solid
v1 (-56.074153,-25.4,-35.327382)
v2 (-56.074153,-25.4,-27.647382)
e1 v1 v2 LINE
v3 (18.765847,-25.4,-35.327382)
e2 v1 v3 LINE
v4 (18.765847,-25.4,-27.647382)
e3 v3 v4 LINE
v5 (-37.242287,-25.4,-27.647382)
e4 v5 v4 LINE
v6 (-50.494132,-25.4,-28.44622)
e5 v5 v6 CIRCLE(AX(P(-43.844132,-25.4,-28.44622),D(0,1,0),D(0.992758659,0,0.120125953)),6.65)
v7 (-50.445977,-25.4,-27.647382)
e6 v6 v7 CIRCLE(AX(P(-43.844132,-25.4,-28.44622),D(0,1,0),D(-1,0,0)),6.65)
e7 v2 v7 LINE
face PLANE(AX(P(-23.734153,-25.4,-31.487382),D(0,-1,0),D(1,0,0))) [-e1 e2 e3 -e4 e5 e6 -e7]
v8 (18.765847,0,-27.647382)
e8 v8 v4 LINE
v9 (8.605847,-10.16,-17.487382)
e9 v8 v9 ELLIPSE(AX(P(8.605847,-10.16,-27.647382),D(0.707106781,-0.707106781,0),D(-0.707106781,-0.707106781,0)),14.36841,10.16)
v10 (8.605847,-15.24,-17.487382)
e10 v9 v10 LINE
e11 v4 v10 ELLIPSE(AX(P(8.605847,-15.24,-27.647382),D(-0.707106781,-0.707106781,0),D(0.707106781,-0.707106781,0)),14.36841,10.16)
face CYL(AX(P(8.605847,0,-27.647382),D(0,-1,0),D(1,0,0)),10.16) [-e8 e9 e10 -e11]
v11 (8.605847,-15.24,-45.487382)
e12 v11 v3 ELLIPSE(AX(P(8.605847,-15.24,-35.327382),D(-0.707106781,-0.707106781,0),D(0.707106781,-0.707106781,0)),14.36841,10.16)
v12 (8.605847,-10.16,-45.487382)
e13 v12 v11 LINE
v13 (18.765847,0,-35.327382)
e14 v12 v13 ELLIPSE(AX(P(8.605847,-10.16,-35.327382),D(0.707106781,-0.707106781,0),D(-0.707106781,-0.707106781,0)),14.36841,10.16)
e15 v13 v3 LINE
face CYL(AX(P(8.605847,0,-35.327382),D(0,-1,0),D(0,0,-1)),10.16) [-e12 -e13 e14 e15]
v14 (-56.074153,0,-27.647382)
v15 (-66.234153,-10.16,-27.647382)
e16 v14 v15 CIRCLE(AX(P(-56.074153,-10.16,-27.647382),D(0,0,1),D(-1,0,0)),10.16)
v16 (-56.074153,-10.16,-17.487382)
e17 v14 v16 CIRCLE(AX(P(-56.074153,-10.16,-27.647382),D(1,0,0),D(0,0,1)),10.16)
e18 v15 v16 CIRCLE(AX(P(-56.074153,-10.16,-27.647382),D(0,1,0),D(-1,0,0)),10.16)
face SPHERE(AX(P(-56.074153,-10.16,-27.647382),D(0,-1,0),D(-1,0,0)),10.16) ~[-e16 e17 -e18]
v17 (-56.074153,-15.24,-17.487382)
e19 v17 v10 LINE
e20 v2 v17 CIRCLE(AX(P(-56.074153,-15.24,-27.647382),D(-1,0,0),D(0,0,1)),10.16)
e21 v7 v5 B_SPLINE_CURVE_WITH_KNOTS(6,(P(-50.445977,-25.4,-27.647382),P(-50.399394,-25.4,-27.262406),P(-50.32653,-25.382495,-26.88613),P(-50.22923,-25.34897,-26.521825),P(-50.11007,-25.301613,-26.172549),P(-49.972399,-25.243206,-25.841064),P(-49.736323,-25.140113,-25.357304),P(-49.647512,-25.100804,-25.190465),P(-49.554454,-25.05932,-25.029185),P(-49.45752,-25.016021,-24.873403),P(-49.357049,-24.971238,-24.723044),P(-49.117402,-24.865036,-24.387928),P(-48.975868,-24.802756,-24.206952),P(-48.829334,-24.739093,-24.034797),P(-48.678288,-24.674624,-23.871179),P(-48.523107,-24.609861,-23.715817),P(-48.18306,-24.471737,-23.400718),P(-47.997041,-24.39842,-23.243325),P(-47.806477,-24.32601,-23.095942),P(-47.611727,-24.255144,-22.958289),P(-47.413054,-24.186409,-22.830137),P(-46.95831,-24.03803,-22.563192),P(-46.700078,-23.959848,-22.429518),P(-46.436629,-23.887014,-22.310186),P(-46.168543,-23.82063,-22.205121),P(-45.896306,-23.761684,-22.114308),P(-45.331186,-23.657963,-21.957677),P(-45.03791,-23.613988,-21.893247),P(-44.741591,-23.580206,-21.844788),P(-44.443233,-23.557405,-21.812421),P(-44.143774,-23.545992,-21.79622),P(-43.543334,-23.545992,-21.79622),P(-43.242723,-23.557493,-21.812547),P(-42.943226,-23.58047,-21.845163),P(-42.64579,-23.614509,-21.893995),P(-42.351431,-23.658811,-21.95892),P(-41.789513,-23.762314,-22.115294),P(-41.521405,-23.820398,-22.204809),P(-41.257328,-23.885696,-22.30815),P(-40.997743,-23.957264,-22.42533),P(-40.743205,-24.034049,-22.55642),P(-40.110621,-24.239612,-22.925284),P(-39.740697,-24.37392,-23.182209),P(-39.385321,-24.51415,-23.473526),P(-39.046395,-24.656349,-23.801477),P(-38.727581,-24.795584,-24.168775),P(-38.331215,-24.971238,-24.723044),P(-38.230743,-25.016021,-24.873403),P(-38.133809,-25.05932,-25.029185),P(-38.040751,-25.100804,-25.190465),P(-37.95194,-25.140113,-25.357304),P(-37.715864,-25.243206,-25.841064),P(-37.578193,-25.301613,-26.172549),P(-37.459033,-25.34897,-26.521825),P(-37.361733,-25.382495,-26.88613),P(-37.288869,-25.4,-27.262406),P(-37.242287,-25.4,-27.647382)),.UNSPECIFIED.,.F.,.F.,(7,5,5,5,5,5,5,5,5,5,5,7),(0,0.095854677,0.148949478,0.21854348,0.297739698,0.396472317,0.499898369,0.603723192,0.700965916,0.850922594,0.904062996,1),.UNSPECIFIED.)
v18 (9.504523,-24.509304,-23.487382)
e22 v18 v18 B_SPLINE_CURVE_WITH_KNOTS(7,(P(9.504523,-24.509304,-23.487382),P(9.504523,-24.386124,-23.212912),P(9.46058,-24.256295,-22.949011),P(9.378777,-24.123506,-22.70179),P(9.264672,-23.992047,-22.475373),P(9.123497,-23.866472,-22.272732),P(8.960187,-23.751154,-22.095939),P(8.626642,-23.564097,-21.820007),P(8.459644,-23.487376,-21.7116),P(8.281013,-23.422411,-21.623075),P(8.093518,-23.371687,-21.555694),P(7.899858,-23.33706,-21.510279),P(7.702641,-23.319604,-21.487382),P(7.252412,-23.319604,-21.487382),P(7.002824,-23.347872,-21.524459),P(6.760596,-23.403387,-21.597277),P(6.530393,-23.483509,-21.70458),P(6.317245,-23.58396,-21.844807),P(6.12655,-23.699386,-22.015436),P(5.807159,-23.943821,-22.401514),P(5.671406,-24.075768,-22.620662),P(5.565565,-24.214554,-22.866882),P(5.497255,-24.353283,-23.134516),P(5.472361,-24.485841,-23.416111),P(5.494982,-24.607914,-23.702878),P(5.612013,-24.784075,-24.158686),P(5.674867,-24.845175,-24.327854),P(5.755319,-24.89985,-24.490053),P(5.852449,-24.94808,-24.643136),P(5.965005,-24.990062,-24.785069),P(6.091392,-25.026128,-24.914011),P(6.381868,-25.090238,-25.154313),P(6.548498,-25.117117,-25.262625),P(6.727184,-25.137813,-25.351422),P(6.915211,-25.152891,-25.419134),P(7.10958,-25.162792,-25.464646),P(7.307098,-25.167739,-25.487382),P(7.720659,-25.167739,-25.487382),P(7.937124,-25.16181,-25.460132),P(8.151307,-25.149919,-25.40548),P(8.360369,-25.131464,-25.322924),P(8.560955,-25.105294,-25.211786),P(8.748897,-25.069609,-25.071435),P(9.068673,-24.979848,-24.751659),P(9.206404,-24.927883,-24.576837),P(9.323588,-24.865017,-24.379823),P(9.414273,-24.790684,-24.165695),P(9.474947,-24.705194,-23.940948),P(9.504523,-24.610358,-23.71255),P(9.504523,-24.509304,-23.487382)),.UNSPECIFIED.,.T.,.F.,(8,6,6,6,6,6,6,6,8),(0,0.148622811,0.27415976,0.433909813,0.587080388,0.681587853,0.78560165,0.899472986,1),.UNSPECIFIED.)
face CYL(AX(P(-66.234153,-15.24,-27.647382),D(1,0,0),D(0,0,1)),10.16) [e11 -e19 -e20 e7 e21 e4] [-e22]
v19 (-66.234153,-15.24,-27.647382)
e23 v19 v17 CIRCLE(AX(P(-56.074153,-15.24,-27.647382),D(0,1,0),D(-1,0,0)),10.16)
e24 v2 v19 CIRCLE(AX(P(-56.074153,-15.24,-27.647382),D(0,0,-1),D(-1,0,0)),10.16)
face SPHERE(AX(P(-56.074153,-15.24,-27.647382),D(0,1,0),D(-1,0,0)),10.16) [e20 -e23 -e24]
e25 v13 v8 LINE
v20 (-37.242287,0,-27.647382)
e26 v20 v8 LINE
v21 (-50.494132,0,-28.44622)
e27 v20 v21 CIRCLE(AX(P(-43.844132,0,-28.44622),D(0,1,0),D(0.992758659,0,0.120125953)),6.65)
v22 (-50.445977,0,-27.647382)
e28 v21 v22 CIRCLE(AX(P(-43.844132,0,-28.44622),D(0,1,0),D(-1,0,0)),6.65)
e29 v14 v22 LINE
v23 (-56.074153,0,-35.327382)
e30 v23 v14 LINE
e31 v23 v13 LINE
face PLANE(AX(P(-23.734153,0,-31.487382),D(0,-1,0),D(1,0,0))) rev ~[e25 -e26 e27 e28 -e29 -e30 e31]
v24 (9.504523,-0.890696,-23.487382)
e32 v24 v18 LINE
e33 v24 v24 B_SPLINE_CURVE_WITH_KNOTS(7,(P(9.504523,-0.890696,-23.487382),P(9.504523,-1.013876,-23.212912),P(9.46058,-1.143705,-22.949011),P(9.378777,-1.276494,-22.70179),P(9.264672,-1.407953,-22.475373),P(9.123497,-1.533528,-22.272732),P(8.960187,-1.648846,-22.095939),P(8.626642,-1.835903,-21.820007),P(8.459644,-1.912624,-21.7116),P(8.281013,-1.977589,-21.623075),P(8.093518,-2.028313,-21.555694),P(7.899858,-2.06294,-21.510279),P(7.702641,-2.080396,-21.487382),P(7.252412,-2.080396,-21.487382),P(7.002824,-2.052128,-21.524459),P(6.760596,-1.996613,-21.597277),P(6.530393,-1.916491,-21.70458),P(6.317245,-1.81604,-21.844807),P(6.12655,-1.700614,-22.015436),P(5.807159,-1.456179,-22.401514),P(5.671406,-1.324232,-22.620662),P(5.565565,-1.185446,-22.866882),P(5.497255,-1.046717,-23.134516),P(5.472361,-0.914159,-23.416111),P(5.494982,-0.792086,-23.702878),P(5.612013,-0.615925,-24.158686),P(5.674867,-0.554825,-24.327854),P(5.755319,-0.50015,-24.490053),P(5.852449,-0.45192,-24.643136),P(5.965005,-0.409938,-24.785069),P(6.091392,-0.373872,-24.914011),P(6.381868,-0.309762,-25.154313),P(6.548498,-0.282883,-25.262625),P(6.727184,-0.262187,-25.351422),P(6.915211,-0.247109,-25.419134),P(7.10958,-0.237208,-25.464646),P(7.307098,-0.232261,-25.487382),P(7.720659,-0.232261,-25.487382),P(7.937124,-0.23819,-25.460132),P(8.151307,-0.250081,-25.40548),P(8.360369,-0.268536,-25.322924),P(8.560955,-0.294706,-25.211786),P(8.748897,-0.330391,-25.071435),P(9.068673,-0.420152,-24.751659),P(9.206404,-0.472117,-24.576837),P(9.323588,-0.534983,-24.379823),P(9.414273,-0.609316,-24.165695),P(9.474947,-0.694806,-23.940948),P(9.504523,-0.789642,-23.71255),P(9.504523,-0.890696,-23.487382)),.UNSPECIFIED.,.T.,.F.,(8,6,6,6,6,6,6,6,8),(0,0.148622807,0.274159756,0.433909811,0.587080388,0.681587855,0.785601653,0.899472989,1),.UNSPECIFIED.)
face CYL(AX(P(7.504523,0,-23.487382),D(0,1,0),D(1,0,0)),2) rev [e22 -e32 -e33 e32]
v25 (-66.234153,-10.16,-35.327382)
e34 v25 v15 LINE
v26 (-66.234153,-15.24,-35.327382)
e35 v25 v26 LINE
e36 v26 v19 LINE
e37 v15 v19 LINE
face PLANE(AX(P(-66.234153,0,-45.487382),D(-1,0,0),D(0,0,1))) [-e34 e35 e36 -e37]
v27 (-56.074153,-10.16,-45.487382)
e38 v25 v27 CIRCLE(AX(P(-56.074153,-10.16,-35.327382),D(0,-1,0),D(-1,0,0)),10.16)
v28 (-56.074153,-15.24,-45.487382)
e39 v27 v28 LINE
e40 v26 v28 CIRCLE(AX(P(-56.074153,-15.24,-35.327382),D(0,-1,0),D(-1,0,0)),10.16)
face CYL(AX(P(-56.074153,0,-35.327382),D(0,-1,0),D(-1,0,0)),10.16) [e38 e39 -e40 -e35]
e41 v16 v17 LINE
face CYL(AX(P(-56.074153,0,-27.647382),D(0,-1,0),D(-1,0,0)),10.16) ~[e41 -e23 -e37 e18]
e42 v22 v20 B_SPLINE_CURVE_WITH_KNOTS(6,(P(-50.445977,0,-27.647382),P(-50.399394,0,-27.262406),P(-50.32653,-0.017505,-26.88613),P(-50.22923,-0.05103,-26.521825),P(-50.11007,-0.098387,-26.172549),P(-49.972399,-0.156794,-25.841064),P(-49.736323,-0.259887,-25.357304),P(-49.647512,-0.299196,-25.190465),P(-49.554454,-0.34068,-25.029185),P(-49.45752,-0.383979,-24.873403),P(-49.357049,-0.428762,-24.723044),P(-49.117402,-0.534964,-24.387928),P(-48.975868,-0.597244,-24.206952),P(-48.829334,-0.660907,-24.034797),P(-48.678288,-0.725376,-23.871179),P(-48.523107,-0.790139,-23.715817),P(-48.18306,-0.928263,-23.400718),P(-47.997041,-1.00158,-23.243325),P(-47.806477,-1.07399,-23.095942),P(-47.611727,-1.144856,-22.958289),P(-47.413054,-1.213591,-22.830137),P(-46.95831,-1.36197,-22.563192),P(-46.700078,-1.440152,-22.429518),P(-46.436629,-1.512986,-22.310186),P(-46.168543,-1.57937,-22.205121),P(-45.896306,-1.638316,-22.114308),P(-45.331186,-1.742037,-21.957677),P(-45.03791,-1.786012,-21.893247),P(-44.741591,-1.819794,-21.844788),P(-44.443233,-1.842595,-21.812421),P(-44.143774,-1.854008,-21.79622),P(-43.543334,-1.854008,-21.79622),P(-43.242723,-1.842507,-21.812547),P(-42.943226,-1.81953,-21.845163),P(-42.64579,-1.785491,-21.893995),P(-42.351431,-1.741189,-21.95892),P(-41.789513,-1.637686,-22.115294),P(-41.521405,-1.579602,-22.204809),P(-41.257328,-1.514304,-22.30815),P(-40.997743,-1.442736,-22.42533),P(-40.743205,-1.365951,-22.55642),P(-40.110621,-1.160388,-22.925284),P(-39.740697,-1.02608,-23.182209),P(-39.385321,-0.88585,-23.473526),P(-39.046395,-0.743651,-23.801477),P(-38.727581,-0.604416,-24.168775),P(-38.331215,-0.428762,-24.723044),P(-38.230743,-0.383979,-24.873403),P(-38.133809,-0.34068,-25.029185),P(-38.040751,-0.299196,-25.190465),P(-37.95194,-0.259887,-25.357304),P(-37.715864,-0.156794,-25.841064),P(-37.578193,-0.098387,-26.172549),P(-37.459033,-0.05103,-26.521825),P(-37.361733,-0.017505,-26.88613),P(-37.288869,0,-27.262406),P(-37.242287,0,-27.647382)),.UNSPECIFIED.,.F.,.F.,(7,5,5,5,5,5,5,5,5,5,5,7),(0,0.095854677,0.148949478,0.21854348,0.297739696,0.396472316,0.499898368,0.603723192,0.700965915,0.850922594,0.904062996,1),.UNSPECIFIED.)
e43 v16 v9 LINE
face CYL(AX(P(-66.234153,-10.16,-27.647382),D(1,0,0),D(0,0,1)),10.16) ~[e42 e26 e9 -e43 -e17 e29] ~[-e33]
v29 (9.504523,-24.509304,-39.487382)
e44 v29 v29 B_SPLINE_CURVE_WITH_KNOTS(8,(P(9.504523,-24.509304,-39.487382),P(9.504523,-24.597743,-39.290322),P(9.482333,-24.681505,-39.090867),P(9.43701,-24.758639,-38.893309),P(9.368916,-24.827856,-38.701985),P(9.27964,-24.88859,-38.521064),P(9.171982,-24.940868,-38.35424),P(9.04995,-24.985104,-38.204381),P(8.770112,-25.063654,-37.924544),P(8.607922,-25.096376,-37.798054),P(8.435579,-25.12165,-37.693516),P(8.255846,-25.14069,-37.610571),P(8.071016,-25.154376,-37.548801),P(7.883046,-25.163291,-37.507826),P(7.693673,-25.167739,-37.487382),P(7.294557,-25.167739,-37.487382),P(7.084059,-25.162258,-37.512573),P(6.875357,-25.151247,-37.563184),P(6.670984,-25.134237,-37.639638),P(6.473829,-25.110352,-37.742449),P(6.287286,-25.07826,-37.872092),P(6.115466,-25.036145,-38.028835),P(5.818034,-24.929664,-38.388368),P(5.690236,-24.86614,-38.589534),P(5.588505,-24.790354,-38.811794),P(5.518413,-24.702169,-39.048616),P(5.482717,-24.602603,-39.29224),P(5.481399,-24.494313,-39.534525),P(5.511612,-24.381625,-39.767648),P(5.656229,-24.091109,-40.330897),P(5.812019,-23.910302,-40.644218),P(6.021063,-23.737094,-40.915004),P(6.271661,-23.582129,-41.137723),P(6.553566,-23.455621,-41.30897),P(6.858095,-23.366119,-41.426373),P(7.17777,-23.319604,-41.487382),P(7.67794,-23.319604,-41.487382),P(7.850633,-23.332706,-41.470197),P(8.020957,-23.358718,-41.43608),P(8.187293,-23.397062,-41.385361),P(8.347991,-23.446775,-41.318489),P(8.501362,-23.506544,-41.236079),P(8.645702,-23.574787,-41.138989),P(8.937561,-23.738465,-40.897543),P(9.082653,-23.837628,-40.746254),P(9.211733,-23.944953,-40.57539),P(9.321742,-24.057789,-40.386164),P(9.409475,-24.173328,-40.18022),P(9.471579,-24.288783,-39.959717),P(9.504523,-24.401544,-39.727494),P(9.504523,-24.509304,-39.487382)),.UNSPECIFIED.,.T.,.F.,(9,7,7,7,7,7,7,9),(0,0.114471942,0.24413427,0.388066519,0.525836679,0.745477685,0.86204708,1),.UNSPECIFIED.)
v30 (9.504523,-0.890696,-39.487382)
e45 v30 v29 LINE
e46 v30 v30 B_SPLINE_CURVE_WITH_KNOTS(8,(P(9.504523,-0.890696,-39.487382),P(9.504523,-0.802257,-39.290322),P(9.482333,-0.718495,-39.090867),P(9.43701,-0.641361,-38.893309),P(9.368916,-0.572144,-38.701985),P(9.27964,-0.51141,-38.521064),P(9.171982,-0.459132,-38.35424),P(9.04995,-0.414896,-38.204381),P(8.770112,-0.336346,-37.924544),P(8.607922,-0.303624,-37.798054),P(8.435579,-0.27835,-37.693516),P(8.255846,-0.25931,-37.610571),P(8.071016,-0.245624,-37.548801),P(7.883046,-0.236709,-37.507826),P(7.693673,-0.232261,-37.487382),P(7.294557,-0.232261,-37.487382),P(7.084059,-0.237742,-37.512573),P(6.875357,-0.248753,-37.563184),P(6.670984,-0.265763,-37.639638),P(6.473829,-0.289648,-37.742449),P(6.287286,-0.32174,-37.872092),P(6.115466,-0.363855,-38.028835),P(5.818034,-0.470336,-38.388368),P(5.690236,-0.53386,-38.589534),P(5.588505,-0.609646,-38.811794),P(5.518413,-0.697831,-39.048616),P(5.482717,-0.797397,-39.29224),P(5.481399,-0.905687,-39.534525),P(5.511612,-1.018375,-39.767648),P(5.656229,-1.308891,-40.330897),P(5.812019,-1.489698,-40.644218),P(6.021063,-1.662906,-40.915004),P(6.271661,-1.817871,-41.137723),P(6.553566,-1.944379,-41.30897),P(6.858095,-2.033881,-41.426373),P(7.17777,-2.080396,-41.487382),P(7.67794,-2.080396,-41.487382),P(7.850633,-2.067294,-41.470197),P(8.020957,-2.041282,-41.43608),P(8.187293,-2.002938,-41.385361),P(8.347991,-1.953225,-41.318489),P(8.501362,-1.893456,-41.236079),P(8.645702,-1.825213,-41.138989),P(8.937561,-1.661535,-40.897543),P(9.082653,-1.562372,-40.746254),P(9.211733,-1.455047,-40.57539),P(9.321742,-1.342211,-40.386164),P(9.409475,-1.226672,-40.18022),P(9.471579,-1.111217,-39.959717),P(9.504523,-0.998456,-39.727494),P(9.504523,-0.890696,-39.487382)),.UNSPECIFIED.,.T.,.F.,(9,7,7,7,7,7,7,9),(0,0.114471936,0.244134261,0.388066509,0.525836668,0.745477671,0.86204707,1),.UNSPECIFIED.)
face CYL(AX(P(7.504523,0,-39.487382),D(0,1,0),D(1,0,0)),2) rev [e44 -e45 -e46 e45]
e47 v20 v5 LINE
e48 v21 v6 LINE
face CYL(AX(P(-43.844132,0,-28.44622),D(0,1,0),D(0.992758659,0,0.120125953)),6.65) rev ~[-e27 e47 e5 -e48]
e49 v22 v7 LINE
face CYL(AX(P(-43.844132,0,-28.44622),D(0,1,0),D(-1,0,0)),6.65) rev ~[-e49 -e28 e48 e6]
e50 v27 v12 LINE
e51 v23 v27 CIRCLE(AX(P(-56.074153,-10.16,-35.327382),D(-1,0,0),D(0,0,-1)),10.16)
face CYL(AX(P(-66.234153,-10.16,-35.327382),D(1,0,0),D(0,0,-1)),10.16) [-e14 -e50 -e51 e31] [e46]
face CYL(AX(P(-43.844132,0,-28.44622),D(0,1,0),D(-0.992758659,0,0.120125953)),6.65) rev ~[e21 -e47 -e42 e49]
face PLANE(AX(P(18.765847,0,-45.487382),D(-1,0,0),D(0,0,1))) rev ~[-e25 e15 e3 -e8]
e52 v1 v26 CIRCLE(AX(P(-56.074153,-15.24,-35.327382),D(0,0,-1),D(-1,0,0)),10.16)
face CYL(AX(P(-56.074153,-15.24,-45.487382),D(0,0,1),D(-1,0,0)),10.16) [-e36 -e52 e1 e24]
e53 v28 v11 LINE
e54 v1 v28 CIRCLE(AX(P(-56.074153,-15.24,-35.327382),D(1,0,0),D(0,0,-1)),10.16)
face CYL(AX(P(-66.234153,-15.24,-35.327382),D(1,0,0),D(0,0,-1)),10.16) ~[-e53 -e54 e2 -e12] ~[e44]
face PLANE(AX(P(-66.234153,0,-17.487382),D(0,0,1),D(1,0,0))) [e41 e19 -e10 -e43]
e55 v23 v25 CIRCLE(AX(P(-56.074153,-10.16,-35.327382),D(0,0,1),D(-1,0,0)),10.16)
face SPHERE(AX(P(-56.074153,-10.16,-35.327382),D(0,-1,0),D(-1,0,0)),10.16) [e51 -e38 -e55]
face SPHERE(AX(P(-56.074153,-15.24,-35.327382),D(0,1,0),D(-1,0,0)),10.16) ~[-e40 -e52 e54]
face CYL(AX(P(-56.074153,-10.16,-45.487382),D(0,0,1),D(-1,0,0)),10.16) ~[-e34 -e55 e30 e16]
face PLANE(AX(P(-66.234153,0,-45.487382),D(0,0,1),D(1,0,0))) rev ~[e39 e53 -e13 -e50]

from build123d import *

# Parameters (mm, degrees)
F0_W     = 85
F0_H     = 28
F1_DEPTH = 25.4
F2_R     = 10.16
F4_DEPTH = 25.4
F5_R     = 2
F7_DEPTH = 35


with BuildPart() as f1:
    # F0 (on Front) → F1 (new body)
    with BuildSketch(Plane.XZ):
        with Locations((-23.7341526002, -31.4873820276)):
            Rectangle(F0_W, F0_H)
    extrude(amount=F1_DEPTH)

    # F2
    f2_edges = [f1.edges().sort_by_distance(p)[0] for p in [
        (-66.234153, -12.7, -17.487382),
        (-66.234153, -12.7, -45.487382),
        (-66.234153, 0, -31.487382),
        (-66.234153, -25.4, -31.487382),
        (18.765847, -12.7, -17.487382),
        (-23.734153, 0, -17.487382),
        (-23.734153, -25.4, -17.487382),
        (18.765847, -12.7, -45.487382),
        (-23.734153, 0, -45.487382),
        (-23.734153, -25.4, -45.487382),
    ]]
    fillet(f2_edges, radius=F2_R)

    # F3 (on face) → F4 (cut)
    with BuildSketch(Plane(origin=(0, 0, 0), x_dir=(-1, 0, 0), z_dir=(0, 1, 0))):
        with BuildLine():
            Line((37.2422865066, -27.6473820276), (50.4459766734, -27.6473820276))
            ThreePointArc((50.4459766734, -27.6473820276), (43.84413159, -21.7962196174), (37.2422865066, -27.6473820276))
        make_face()
        with BuildLine():
            ThreePointArc((37.2422865066, -27.6473820276), (43.4439877437, -35.0841699714), (50.49413159, -28.4462196174))
            ThreePointArc((50.49413159, -28.4462196174), (50.482081944, -28.0460757711), (50.4459766734, -27.6473820276))
            Line((50.4459766734, -27.6473820276), (37.2422865066, -27.6473820276))
        make_face()
    extrude(amount=-F4_DEPTH, mode=Mode.SUBTRACT)

    # F5 (on Front) → F7 (cut)
    with BuildSketch(Plane.XZ):
        with Locations((7.5045232661, -23.4873820276)):
            Circle(F5_R)
        with Locations((7.5045232661, -39.4873820276)):
            Circle(F5_R)
    extrude(amount=F7_DEPTH, mode=Mode.SUBTRACT)


solid = f1.part
